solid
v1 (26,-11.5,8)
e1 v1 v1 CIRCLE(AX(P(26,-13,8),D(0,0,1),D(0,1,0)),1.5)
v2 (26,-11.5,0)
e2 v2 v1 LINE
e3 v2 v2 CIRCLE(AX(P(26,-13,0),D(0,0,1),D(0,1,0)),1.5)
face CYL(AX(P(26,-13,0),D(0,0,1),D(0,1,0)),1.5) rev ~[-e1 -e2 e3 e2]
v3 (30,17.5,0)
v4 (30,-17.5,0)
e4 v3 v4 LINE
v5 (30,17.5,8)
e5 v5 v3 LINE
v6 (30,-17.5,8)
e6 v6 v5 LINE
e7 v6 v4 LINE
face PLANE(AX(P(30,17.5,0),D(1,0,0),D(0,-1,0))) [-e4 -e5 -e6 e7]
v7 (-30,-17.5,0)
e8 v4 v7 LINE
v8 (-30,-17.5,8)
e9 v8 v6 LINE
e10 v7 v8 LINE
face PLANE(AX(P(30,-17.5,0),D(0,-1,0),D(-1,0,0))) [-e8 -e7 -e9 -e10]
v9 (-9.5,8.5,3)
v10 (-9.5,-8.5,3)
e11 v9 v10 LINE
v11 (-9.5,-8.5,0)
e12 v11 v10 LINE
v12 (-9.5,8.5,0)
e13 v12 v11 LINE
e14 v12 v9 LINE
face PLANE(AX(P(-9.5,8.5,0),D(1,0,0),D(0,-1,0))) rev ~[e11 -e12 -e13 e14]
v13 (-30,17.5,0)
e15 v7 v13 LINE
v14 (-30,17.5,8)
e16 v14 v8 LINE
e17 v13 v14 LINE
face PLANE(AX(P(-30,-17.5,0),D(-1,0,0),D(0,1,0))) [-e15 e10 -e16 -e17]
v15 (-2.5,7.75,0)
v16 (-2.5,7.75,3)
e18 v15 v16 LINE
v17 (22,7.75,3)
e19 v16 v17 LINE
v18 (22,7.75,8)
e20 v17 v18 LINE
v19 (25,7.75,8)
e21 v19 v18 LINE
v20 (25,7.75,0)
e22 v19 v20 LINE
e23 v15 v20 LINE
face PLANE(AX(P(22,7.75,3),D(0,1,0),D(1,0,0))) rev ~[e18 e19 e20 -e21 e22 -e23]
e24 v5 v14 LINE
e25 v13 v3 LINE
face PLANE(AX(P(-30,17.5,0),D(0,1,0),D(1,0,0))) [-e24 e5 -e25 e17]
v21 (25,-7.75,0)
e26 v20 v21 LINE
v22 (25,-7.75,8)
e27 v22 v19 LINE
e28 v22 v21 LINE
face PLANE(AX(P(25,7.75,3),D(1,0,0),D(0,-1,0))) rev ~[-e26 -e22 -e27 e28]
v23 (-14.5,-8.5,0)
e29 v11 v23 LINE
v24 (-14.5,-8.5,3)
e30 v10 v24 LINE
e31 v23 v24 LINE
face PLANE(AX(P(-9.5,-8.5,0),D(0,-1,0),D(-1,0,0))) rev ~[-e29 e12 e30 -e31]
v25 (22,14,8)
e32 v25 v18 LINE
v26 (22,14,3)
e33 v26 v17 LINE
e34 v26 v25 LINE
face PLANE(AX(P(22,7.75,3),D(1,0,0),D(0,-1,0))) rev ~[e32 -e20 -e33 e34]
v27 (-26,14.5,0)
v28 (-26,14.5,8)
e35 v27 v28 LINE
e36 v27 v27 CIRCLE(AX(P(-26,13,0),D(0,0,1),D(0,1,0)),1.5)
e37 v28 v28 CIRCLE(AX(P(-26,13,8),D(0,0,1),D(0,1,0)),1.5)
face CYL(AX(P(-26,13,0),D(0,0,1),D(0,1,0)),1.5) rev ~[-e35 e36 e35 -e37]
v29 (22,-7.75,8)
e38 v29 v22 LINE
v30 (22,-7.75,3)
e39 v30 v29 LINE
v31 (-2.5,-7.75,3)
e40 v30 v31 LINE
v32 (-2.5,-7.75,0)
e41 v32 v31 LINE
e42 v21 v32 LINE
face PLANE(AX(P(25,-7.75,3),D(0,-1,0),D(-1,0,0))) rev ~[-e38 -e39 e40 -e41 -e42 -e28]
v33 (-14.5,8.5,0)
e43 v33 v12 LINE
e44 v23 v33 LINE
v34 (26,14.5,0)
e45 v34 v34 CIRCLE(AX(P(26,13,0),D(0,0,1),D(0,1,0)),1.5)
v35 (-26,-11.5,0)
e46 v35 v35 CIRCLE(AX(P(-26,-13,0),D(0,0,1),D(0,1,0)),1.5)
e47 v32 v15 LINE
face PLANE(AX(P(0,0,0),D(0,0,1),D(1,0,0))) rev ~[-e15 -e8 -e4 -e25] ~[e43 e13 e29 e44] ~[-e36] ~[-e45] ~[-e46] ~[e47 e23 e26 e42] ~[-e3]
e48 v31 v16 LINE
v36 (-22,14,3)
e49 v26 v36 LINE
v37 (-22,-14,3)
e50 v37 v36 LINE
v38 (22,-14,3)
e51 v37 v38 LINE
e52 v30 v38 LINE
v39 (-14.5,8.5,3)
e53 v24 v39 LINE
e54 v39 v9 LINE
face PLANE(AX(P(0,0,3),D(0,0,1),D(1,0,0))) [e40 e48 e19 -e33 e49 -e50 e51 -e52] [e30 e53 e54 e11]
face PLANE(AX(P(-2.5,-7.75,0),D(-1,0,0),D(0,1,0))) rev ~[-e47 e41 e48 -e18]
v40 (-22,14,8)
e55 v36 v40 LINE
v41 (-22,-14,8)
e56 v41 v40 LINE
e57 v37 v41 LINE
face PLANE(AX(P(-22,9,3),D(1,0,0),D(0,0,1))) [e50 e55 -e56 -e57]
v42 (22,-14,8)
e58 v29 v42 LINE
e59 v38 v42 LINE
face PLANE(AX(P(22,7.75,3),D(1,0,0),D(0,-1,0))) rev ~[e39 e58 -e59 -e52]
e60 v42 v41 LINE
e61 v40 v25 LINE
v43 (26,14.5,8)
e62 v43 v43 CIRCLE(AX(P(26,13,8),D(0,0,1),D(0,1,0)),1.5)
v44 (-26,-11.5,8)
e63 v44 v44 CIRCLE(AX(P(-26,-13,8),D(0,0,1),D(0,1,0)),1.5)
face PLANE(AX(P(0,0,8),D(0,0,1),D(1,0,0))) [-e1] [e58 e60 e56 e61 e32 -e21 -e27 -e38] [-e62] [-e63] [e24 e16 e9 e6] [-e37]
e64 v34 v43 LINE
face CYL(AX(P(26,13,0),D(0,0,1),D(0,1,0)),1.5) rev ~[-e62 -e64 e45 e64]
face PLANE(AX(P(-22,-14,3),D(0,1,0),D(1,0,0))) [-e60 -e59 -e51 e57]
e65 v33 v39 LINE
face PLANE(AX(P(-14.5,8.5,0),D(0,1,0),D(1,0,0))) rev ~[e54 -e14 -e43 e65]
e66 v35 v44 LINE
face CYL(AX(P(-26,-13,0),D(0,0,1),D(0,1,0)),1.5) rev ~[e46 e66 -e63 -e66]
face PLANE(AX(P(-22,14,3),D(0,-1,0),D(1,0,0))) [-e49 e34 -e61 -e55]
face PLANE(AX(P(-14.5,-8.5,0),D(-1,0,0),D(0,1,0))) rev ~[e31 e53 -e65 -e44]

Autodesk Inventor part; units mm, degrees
ref_plane "YZ Plane" through (0, 0, 0) normal (1, 0, 0) x (0, 1, 0)
ref_plane "XZ Plane" through (0, 0, 0) normal (0, 1, 0) x (-1, 0, 0)
ref_plane "XY Plane" through (0, 0, 0) normal (0, 0, 1) x (1, 0, 0)
sketch "Sketch1" plane through (0, 0, 0) normal (0, 0, 1) x (1, 0, 0)
  line L0 (-30, 17.5) -> (30, 17.5)
  line L1 (30, 17.5) -> (30, -17.5)
  line L2 (30, -17.5) -> (-30, -17.5)
  line L3 (-30, -17.5) -> (-30, 17.5)
  line L4 (-2.5, 7.75) -> (25, 7.75)
  line L5 (25, 7.75) -> (25, -7.75)
  line L6 (25, -7.75) -> (-2.5, -7.75)
  line L7 (-2.5, -7.75) -> (-2.5, 7.75)
  line L8 (-14.5, 8.5) -> (-9.5, 8.5)
  line L9 (-9.5, 8.5) -> (-9.5, -8.5)
  line L10 (-9.5, -8.5) -> (-14.5, -8.5)
  line L11 (-14.5, -8.5) -> (-14.5, 8.5)
  point P0 (0, 0)
  dimension "length" = 60
  dimension "width" = 35
  dimension "d2" = 17.5
  dimension "d3" = 30
  dimension "d4" = 27.5
  dimension "d5" = 15.5
  dimension "d6" = 7.75
  dimension "d7" = 5
  dimension "d8" = 5
  dimension "d9" = 17
  dimension "d10" = 8.5
  dimension "d11" = 7
extrude "Extrusion1" add sketch "Sketch1" along normal blind 3
sketch "Sketch2" plane through (0, 0, 3) normal (0, 0, 1) x (1, 0, 0)
  line L0 (-22, 9) -> (22, 9)
  line L1 (22, 9) -> (22, -9)
  line L2 (22, -9) -> (-22, -9)
  line L3 (-22, -9) -> (-22, 9)
  line L4 (25, 7.75) -> (25, -7.75) projected
  line L5 (25, -7.75) -> (-2.5, -7.75) projected
  line L6 (-2.5, -7.75) -> (-2.5, 7.75) projected
  line L7 (-2.5, 7.75) -> (25, 7.75) projected
  line L8 (-9.5, 8.5) -> (-9.5, -8.5) projected
  line L9 (-9.5, -8.5) -> (-14.5, -8.5) projected
  line L10 (-14.5, -8.5) -> (-14.5, 8.5) projected
  line L11 (-14.5, 8.5) -> (-9.5, 8.5) projected
  line L12 (30, 17.5) -> (-30, 17.5) projected
  line L13 (-30, 17.5) -> (-30, -17.5) projected
  line L14 (-30, -17.5) -> (30, -17.5) projected
  line L15 (30, -17.5) -> (30, 17.5) projected
  point P0 (0, 0)
  dimension "d14" = 44
  dimension "d15" = 18
  dimension "d16" = 9
extrude "Extrusion2" add sketch "Sketch2" along normal blind 5 contours L7 L4 L5 L1 | L15 L14 L13 L12
hole "Hole1" at (-26, 13, 0) direction (0, 0, 1) diameter 3 end through all
pattern_linear "Rectangular Pattern1" count 2 spacing 52 along (1, 0, 0) count 2 spacing 26 along (0, -1, 0) of "Hole1"
sketch "Sketch3" plane through (0, 0, 3) normal (0, 0, -1) x (-1, 0, 0)
  line L0 (-25, -7.75) -> (-22, -7.75) projected
  line L1 (-22, -7.75) -> (-22, 7.75) projected
  line L2 (-22, 7.75) -> (-25, 7.75) projected
  line L3 (-25, 7.75) -> (-25, -7.75) projected
  point P0 (0, 0)
extrude "Extrusion3" cut sketch "Sketch3" against normal through all
sketch "Sketch4" plane through (-22, 9, 3) normal (0, -1, 0) x (1, 0, 0)
  line L0 (44, 0) -> (0, 0) projected
  line L1 (44, 0) -> (44, 5) projected
  line L2 (0, 5) -> (44, 5) projected
  line L3 (0, 0) -> (0, 5) projected
  point P0 (22, -3)
extrude "Extrusion4" cut sketch "Sketch4" against normal blind 5
sketch "Sketch5" plane through (-22, -9, 3) normal (0, 1, 0) x (1, 0, 0)
  line L0 (0, 0) -> (44, 0) projected
  line L1 (0, 0) -> (0, -5) projected
  line L2 (44, -5) -> (0, -5) projected
  line L3 (44, 0) -> (44, -5) projected
  point P0 (22, 3)
extrude "Extrusion5" cut sketch "Sketch5" against normal blind 5
equation "\"d2\" = 0.5 * width"
equation "\"d3\" = 0.5 * length"
equation "\"d6\" = 0.5 * d5"
equation "\"d10\" = 0.5 * d9"
equation "\"d16\" = 0.5 * d15"
properties part number "suport releu"
